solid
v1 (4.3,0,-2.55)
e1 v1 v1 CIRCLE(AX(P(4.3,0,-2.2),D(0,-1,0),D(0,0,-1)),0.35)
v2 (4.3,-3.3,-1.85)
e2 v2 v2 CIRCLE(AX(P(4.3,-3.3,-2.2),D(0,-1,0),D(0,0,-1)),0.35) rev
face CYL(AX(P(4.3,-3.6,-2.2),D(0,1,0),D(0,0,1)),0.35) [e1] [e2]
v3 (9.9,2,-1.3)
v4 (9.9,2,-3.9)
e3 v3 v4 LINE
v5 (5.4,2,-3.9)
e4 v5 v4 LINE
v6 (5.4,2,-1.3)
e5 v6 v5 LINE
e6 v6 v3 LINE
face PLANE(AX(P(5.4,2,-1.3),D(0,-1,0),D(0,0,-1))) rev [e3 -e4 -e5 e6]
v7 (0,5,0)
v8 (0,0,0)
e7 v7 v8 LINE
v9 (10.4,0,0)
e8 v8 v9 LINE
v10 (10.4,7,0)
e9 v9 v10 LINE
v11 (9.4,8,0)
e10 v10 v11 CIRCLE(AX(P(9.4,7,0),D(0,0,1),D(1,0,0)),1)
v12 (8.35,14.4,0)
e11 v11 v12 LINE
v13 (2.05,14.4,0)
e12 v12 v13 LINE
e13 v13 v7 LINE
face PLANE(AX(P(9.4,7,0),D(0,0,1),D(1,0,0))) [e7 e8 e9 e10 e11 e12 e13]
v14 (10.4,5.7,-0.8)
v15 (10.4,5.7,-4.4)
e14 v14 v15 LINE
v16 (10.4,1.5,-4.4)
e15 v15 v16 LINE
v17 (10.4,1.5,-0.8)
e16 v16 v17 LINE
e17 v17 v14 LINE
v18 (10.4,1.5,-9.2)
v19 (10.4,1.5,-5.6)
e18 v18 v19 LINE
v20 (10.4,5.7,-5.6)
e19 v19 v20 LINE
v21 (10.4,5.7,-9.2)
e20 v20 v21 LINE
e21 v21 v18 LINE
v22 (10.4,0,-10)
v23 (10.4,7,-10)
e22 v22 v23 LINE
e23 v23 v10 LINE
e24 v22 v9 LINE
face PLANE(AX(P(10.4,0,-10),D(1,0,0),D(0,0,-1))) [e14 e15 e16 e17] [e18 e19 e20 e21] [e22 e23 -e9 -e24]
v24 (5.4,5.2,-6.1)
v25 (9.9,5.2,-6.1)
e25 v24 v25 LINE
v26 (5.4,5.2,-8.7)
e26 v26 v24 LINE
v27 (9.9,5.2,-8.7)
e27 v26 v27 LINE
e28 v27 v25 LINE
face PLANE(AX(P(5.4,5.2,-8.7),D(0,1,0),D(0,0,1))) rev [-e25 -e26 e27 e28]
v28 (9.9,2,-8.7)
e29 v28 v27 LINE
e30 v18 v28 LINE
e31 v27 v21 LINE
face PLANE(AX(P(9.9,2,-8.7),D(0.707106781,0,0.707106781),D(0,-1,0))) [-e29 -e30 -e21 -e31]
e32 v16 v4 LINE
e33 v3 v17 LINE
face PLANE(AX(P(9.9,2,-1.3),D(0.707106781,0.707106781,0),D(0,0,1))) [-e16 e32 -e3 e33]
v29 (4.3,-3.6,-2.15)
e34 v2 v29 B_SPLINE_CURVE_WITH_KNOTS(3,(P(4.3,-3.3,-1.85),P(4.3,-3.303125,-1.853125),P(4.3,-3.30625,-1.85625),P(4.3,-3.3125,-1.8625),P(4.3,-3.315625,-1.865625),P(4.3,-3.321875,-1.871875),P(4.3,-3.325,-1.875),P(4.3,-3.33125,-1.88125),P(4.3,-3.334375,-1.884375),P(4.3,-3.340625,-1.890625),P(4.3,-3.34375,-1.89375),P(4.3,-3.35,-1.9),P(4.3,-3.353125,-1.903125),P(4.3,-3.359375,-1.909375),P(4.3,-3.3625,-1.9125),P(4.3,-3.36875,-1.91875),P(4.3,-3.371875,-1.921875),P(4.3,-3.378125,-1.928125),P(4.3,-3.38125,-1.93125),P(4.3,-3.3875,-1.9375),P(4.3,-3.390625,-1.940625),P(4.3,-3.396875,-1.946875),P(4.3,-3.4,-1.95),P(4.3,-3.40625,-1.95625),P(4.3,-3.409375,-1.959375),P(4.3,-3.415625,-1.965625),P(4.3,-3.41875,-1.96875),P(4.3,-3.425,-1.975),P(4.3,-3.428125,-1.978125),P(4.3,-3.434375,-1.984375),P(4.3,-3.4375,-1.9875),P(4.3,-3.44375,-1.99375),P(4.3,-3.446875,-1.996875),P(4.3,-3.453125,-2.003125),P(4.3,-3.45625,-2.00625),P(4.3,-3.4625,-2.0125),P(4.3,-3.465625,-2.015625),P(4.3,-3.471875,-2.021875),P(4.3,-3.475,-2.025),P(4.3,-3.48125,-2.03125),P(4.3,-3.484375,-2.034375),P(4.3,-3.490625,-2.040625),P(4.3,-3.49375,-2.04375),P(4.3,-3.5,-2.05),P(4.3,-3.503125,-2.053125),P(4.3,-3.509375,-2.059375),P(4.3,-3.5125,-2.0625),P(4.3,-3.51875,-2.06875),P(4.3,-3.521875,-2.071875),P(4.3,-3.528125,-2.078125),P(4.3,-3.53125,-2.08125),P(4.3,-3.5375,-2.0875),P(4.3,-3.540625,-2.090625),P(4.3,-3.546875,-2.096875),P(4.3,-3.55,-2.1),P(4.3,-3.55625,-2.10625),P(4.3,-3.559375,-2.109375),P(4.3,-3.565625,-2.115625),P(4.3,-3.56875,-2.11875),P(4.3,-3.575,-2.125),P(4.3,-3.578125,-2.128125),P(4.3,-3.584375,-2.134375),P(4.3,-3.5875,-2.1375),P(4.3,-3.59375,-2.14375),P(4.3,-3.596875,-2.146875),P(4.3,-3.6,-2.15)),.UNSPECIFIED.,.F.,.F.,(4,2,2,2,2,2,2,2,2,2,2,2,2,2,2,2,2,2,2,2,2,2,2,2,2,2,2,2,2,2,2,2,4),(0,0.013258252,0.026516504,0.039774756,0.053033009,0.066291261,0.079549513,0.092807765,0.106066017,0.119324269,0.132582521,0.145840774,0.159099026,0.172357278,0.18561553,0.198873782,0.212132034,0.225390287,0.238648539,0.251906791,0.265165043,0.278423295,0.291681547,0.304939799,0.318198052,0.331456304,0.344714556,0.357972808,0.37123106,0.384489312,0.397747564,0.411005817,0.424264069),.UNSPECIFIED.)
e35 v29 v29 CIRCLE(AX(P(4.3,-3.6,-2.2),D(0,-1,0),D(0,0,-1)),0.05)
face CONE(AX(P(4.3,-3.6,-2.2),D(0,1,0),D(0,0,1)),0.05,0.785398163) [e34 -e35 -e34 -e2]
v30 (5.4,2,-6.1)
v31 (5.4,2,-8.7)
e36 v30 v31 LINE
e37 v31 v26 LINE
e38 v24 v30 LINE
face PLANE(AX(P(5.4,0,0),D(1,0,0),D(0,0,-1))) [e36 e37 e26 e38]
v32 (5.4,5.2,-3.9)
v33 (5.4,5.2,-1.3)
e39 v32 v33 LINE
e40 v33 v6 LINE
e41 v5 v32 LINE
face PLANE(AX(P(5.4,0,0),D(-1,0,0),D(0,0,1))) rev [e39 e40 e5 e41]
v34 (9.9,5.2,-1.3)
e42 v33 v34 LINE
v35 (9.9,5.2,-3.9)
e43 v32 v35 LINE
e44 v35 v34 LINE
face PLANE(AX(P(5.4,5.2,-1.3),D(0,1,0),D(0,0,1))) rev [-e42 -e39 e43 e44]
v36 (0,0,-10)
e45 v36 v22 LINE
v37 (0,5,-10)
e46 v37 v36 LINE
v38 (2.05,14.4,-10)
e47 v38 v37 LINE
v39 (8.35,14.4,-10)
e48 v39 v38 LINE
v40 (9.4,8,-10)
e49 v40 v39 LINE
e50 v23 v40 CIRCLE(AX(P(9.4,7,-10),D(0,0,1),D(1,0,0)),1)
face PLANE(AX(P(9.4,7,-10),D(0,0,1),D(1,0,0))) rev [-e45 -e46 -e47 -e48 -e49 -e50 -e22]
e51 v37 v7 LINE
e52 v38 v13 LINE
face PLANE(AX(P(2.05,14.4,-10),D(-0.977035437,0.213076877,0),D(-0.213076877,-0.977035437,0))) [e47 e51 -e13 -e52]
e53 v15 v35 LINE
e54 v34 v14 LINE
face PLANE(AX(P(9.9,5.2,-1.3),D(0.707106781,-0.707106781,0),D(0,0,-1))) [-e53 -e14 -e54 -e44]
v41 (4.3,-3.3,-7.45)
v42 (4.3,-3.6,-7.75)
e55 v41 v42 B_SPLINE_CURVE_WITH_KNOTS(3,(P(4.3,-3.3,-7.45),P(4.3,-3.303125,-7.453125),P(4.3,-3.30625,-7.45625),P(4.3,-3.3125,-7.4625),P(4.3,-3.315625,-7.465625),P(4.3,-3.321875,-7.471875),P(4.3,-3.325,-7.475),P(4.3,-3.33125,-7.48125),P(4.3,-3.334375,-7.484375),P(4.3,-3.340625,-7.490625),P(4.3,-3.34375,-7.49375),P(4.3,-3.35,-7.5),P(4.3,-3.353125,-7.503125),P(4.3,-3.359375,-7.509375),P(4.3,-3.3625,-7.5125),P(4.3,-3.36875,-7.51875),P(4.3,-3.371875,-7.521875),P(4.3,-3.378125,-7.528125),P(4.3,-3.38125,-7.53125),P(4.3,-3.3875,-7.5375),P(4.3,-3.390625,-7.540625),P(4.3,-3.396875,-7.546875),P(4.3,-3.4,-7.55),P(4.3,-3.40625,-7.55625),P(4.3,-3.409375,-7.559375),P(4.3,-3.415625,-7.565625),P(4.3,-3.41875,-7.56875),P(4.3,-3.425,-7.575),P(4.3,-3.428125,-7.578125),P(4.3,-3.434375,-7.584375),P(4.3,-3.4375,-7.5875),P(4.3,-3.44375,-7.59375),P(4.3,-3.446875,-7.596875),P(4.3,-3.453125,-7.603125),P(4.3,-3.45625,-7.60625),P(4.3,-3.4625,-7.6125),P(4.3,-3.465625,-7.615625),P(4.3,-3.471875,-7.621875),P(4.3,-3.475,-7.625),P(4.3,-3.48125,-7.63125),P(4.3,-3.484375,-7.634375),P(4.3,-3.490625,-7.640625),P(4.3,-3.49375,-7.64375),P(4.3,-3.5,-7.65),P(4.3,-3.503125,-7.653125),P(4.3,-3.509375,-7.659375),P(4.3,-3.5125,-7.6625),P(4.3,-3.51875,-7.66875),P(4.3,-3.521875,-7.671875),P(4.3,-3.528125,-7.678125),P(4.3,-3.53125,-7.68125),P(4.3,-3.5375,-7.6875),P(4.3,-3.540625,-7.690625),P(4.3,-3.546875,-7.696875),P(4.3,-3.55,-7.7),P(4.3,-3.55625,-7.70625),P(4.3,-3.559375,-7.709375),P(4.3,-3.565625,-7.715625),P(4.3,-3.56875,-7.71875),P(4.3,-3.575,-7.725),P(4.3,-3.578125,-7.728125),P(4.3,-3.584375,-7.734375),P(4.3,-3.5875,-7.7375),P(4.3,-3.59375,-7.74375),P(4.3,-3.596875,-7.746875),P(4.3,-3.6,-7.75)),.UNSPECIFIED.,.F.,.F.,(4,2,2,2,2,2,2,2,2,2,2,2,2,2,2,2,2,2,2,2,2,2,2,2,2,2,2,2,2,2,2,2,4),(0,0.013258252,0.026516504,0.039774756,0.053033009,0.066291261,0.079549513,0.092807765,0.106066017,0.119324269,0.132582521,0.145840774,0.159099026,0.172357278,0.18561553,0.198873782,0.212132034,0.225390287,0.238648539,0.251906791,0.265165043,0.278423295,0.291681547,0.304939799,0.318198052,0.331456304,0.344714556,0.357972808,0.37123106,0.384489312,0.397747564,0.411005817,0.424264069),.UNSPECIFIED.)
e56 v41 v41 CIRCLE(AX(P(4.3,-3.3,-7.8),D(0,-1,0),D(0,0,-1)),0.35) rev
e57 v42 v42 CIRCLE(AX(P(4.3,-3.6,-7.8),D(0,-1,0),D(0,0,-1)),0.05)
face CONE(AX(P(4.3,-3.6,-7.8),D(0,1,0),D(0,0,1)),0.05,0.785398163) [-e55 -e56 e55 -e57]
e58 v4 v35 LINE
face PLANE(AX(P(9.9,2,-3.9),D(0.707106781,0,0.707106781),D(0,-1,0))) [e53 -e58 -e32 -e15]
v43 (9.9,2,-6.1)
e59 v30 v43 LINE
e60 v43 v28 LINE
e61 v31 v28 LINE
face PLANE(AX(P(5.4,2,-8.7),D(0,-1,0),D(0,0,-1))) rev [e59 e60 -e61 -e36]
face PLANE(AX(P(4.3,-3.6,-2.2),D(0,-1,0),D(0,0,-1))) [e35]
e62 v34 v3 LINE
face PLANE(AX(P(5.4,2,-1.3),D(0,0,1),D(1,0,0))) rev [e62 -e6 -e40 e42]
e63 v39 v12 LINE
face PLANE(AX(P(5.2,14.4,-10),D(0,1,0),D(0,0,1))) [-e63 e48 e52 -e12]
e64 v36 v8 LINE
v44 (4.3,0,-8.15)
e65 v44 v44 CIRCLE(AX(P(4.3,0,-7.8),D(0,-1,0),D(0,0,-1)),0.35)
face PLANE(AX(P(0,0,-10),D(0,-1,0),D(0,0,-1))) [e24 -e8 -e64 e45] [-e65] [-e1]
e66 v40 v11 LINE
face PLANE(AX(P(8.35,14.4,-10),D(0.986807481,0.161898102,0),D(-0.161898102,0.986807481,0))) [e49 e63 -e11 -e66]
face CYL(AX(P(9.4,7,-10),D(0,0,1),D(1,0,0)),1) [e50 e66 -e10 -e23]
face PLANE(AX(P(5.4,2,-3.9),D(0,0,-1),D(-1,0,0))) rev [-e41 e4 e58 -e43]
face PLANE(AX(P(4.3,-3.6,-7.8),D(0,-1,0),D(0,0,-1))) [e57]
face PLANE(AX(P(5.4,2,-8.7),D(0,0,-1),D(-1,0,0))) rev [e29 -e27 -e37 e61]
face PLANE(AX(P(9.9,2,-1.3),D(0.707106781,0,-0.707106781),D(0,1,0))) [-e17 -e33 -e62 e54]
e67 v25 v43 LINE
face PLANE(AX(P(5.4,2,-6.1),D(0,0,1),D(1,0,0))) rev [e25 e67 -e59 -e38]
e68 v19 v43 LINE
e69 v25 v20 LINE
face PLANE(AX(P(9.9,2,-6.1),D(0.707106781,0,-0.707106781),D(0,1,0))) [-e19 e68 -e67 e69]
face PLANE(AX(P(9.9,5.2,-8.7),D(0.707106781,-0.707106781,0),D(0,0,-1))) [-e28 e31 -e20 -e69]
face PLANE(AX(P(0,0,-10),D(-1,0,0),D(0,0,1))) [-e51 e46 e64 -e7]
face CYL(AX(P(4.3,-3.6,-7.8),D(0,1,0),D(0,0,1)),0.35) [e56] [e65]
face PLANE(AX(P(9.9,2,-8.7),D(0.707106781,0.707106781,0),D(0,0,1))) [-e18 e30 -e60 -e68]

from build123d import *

# Parameters (mm, degrees)
RESSALTO_EXTRUS_O2_DEPTH = 10
ESBO_O4_W                = 2.6
ESBO_O4_H                = 3.2
CORTE_EXTRUS_O1_DEPTH    = 5
CHANFRO2_SIZE            = 0.5
CHANFRO3_SIZE            = 0.5
ESBO_O10_R               = 0.35
RESSALTO_EXTRUS_O5_DEPTH = 3.6
CHANFRO4_SIZE            = 0.3


with BuildPart() as part:
    # Esboço2 → Ressalto-extrusão2 (new body)
    with BuildSketch(Plane.XY):
        with BuildLine():
            Line((0, 0), (10.4, 0))
            Line((10.4, 0), (10.4, 7))
            ThreePointArc((10.4, 7), (10.107106781, 7.707106781), (9.4, 8))
            Line((9.4, 8), (8.35, 14.4))
            Line((8.35, 14.4), (5.2, 14.4))
            Line((5.2, 14.4), (2.05, 14.4))
            Line((2.05, 14.4), (0, 5))
            Line((0, 5), (0, 0))
        make_face()
    extrude(amount=-RESSALTO_EXTRUS_O2_DEPTH)

    # Esboço4 → Corte-extrusão1 (cut)
    with BuildSketch(Plane(origin=(10.4, 0, 0), x_dir=(0, 0, -1), z_dir=(1, 0, 0))):
        with Locations((2.6, 3.6)):
            Rectangle(ESBO_O4_W, ESBO_O4_H)
        with Locations((7.4, 3.6)):
            Rectangle(ESBO_O4_W, ESBO_O4_H)
    extrude(amount=-CORTE_EXTRUS_O1_DEPTH, mode=Mode.SUBTRACT)

    # Chanfro2
    chanfro2_edges = [part.edges().sort_by_distance(p)[0] for p in [
        (10.4, 3.6, -1.3),
        (10.4, 2, -2.6),
        (10.4, 3.6, -3.9),
        (10.4, 5.2, -2.6),
    ]]
    chamfer(chanfro2_edges, length=CHANFRO2_SIZE)

    # Chanfro3
    chanfro3_edges = [part.edges().sort_by_distance(p)[0] for p in [
        (10.4, 3.6, -8.7),
        (10.4, 5.2, -7.4),
        (10.4, 3.6, -6.1),
        (10.4, 2, -7.4),
    ]]
    chamfer(chanfro3_edges, length=CHANFRO3_SIZE)

    # Esboço10 → Ressalto-extrusão5 (add)
    with BuildSketch(Plane.XZ):
        with Locations(Location((4.3, -2.2, 0), (0, 0, 270))):
            Circle(ESBO_O10_R)
        with Locations(Location((4.3, -7.8, 0), (0, 0, 270))):
            Circle(ESBO_O10_R)
    extrude(amount=RESSALTO_EXTRUS_O5_DEPTH)

    # Chanfro4
    chanfro4_edges = [part.edges().sort_by_distance(p)[0] for p in [
        (4.3, -3.6, -1.85),
        (4.3, -3.6, -7.45),
    ]]
    chamfer(chanfro4_edges, length=CHANFRO4_SIZE)


solid = part.part
